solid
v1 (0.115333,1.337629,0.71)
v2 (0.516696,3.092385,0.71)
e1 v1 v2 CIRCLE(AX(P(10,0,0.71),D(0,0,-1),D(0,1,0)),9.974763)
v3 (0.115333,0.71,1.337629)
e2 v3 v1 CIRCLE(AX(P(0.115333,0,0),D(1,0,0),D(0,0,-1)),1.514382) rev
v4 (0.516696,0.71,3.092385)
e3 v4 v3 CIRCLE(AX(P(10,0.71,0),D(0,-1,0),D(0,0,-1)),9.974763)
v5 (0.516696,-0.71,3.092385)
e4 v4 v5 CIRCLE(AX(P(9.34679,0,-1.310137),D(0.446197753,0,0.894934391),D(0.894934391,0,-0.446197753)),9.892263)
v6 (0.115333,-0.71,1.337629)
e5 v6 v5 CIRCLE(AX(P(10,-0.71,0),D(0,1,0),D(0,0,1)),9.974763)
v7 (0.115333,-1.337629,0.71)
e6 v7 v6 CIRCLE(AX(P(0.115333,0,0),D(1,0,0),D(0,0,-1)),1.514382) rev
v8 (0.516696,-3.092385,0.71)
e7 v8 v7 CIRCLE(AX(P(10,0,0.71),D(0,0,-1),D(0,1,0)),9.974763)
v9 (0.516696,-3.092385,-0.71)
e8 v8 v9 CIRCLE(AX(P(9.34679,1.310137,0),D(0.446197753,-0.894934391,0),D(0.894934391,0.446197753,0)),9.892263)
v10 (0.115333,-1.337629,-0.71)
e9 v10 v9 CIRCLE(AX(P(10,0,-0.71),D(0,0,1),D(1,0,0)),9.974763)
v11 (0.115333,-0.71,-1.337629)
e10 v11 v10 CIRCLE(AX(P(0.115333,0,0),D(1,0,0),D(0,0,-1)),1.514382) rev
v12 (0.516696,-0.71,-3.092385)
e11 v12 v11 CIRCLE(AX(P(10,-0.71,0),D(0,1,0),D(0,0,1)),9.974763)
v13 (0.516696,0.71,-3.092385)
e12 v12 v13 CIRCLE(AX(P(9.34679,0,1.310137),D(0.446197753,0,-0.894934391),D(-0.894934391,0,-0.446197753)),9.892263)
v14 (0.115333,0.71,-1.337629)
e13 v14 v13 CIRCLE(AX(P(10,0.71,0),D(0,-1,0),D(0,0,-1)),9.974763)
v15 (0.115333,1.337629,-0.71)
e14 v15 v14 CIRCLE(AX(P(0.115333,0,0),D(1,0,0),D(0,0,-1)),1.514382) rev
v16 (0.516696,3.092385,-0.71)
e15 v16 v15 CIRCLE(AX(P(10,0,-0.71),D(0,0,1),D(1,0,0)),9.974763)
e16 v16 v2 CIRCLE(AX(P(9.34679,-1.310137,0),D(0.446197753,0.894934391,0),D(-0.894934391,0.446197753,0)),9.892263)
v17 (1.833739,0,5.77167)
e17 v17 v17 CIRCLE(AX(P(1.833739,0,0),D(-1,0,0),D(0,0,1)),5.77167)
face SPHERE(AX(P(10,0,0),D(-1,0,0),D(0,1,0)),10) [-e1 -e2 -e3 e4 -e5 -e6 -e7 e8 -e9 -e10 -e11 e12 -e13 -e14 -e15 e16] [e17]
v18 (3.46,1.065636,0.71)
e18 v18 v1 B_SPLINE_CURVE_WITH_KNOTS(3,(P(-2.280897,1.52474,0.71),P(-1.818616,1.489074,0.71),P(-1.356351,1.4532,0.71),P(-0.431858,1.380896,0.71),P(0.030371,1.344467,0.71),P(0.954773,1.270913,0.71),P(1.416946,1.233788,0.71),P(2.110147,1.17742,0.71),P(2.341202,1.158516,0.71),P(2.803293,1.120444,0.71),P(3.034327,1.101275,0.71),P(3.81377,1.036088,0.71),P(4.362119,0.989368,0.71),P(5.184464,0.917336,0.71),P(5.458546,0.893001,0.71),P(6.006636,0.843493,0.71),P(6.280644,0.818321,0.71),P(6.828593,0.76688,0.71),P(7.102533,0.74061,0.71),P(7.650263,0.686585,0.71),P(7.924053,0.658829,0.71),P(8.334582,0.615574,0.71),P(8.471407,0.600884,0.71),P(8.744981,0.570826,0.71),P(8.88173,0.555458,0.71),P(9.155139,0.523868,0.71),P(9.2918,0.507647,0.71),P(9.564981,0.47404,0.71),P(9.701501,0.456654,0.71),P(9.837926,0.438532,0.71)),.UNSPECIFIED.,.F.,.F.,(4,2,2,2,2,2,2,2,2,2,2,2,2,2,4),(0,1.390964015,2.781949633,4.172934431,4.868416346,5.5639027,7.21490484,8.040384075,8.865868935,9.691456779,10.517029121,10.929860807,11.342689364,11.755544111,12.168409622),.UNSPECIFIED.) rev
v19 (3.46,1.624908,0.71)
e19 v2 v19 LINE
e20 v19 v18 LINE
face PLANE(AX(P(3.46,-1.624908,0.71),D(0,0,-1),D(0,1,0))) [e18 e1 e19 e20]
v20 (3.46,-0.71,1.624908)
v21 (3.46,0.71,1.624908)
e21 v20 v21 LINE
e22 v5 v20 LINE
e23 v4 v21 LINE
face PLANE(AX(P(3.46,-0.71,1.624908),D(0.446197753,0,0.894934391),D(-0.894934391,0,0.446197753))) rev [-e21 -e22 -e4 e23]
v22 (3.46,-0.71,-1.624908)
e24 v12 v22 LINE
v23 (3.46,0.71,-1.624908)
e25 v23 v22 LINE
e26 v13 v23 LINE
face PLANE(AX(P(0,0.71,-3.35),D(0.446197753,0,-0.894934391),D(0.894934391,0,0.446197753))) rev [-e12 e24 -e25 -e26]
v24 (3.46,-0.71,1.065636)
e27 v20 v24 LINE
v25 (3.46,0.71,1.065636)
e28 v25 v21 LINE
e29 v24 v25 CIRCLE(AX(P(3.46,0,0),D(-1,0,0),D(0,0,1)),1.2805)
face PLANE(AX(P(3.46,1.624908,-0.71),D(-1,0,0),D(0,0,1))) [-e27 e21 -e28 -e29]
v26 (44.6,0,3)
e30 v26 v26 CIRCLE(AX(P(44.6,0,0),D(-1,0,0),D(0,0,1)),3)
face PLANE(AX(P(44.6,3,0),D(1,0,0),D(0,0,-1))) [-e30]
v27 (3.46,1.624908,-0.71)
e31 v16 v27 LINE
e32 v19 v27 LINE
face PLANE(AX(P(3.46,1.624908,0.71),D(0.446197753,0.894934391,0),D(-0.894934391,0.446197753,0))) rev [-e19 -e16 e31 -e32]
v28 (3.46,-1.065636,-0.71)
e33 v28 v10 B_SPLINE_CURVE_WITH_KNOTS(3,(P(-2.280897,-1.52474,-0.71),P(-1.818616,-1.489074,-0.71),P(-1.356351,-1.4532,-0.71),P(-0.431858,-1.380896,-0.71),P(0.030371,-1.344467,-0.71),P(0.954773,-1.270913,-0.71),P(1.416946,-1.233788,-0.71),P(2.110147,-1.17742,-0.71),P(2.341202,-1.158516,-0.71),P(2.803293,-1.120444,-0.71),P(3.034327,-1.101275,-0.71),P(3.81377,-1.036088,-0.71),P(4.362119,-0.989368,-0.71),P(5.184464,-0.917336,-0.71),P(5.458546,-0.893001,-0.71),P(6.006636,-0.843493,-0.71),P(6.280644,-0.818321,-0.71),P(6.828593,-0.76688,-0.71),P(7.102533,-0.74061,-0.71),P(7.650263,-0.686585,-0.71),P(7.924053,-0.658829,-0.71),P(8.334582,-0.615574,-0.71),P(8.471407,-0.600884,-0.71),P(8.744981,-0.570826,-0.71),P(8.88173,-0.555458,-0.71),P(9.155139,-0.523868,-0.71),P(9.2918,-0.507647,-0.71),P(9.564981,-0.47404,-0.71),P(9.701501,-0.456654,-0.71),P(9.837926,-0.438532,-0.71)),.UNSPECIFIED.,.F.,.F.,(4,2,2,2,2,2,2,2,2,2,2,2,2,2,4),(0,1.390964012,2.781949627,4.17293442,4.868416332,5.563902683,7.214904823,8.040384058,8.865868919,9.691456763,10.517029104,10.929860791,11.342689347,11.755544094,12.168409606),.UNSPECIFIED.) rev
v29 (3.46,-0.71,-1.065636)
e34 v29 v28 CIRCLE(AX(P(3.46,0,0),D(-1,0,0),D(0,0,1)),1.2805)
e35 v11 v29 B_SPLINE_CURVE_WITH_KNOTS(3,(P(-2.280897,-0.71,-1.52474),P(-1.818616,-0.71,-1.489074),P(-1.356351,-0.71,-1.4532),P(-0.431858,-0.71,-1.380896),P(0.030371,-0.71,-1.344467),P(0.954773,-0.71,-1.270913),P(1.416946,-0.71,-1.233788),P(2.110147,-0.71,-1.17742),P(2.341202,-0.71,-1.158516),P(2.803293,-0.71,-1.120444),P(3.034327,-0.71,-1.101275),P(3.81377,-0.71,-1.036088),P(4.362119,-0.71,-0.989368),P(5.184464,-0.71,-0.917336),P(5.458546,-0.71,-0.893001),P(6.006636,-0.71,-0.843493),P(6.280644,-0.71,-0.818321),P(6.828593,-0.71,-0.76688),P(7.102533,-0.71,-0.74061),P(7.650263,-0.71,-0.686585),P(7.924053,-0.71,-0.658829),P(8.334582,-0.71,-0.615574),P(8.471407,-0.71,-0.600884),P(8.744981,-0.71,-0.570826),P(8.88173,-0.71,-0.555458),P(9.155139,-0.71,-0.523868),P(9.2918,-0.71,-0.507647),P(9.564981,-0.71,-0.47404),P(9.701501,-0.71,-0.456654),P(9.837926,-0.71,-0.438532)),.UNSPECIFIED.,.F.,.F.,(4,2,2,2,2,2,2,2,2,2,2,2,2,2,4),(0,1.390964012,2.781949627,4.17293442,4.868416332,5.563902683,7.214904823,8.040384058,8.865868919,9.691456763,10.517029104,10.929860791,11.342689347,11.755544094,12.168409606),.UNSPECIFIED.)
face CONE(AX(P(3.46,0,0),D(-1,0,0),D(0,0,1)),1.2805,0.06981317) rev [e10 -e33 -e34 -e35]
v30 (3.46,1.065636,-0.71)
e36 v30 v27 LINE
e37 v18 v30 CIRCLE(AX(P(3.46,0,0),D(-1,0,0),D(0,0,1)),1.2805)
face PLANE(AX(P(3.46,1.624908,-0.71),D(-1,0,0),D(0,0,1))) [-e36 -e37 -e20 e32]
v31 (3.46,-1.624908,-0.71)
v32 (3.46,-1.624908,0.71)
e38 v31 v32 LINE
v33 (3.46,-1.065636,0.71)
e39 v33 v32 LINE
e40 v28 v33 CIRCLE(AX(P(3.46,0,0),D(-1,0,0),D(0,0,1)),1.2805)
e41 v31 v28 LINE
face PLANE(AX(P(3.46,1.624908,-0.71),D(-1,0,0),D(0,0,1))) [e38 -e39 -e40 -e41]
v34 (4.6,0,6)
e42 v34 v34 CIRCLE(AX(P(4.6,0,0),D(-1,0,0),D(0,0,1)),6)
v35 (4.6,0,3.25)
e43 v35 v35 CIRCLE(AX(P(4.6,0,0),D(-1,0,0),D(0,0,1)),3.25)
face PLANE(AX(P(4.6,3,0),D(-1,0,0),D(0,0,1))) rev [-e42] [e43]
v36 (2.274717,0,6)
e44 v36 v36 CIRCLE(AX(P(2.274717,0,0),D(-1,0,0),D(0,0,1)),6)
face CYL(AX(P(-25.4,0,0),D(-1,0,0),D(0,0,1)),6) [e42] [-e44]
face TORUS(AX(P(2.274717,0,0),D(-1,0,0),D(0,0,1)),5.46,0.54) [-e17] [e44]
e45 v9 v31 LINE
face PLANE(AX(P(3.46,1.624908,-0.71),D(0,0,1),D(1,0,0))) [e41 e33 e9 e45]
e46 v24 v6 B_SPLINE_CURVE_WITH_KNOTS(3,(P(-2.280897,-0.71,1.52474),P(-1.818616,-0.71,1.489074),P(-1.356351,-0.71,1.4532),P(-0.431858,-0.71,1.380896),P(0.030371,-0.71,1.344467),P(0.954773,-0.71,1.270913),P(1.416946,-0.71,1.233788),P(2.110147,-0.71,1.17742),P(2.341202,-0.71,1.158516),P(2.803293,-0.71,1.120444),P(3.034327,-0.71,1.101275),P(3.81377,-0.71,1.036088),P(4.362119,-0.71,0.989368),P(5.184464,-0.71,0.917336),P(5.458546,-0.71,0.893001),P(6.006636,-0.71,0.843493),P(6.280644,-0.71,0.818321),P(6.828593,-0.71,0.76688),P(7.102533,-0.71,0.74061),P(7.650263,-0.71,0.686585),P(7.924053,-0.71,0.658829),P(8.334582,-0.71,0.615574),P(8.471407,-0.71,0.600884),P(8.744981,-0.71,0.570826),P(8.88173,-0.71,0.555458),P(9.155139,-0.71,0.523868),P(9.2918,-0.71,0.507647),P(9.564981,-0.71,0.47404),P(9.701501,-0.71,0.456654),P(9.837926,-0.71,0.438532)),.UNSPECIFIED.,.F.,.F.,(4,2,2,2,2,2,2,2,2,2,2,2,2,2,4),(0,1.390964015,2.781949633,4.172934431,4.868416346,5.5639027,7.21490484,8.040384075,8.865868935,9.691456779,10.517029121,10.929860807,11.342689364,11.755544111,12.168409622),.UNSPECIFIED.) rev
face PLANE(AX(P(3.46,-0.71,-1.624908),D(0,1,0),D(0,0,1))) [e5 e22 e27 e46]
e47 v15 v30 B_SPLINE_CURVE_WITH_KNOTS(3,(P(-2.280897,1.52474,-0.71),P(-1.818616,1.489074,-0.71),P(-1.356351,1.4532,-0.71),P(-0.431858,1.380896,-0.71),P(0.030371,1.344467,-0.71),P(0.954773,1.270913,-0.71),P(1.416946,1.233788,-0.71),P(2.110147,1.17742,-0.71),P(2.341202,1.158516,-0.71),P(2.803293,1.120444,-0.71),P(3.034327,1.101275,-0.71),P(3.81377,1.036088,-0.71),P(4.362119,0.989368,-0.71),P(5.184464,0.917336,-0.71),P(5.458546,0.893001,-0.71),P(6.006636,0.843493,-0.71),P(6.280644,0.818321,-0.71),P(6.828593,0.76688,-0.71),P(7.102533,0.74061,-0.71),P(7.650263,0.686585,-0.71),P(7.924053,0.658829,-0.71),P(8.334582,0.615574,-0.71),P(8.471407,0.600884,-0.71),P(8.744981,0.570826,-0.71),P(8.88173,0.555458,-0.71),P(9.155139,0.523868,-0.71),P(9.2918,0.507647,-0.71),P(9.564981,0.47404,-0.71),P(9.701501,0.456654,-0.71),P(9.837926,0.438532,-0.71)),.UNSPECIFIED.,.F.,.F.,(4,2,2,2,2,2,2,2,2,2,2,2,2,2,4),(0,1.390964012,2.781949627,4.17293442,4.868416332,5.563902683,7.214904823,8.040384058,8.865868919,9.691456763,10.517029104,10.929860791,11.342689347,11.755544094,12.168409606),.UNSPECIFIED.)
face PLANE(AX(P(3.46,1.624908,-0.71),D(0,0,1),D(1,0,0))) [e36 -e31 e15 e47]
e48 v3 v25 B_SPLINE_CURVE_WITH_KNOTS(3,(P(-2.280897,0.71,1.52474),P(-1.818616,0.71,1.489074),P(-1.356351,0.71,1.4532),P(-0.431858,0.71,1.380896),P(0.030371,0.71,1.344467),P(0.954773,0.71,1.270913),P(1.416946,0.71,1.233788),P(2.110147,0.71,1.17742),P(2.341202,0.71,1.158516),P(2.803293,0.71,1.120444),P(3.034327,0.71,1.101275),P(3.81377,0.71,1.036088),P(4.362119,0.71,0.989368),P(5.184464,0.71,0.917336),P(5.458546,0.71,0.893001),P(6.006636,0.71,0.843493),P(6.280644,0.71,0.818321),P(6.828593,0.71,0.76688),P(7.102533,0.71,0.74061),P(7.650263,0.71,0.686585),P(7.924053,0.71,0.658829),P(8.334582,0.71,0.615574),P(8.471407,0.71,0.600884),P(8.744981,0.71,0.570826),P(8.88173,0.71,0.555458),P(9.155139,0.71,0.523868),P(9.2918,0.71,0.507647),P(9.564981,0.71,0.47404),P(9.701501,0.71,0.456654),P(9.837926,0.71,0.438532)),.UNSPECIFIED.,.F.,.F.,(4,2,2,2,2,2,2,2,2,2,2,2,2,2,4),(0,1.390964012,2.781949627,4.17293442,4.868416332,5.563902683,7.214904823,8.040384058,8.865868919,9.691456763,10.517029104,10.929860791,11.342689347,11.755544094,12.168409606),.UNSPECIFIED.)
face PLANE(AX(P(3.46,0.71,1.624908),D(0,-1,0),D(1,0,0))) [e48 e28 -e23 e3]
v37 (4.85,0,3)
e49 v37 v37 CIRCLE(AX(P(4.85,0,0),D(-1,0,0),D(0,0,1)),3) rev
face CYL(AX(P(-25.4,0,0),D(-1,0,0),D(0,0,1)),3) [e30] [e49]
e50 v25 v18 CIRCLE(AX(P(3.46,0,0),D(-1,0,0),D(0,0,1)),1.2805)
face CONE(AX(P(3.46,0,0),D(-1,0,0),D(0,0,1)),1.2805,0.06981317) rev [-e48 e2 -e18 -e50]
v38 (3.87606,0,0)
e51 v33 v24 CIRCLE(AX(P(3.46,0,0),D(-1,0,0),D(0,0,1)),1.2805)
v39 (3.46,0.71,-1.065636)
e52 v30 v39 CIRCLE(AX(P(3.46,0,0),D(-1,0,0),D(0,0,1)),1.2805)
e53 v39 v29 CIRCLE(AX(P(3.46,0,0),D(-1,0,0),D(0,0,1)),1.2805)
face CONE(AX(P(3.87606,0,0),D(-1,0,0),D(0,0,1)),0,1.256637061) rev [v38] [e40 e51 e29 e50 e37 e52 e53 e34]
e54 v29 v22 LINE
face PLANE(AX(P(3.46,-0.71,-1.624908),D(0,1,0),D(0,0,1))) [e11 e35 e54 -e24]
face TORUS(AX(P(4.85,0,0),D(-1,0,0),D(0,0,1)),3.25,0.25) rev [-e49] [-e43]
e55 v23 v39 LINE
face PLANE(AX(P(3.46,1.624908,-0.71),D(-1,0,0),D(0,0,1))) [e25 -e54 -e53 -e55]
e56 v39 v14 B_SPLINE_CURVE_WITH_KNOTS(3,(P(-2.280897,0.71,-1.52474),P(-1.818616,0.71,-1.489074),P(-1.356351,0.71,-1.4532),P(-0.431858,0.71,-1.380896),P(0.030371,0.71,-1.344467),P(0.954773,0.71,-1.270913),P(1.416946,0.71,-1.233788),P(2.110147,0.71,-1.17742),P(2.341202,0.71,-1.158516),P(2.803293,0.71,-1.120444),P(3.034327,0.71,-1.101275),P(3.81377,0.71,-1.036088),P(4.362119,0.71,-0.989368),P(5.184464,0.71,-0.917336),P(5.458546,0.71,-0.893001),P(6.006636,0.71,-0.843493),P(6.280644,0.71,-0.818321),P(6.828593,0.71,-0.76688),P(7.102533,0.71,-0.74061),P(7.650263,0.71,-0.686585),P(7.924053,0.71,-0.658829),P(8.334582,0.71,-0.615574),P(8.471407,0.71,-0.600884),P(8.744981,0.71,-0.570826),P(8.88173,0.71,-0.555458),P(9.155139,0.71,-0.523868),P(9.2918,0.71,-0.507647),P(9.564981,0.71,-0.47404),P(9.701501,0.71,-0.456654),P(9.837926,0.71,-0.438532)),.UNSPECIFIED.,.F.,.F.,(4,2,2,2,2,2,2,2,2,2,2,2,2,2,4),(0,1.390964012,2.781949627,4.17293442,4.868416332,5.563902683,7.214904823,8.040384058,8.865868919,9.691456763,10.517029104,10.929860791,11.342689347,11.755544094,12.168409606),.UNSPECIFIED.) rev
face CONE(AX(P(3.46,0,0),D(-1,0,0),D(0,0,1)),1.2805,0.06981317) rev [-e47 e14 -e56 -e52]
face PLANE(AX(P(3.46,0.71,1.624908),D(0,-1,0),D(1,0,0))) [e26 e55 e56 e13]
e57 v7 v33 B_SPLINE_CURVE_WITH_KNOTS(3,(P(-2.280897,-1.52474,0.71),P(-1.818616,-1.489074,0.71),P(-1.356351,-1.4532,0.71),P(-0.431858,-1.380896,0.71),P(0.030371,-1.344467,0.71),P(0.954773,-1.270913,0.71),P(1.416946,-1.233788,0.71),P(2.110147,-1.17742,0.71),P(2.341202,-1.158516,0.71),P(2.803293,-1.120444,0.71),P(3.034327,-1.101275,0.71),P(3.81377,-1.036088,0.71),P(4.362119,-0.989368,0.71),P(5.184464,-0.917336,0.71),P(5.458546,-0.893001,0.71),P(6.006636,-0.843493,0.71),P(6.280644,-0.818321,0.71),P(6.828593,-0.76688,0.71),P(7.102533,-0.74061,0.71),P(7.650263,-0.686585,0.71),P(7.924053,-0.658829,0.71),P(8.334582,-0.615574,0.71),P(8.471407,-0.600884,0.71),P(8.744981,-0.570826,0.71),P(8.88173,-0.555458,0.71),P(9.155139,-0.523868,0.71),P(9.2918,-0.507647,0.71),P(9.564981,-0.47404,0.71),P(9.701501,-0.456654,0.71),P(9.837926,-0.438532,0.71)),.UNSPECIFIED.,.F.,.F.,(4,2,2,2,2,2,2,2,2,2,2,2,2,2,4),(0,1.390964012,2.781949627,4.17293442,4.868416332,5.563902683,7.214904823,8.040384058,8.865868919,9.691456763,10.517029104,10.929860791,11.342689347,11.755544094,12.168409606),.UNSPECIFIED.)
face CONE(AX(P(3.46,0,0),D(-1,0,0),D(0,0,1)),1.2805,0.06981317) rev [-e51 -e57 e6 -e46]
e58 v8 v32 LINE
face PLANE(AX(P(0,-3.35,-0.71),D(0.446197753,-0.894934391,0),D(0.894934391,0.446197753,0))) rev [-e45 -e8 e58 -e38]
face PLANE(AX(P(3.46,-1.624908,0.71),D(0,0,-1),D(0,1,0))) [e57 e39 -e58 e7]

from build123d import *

# Parameters (mm, degrees)
FILLET1_R    = 0.25
RECPAT_COUNT = 2
RECPAT_ANGLE = 90


with BuildPart() as part:
    # BodySke → Base-Revolve (revolve)
    with BuildSketch(Plane.XY, mode=Mode.PRIVATE) as base_revolve_sk:
        with BuildLine():
            Line((4.6, 3), (4.6, 6))
            Line((4.6, 6), (2.274716834, 6))
            ThreePointArc((2.274716834, 6), (2.026424569, 5.939532013), (1.833738725, 5.77167019))
            ThreePointArc((1.833738725, 5.77167019), (0.469454036, 3.027985077), (0, 0))
            Line((0, 0), (44.6, 0))
            Line((44.6, 0), (44.6, 3))
            Line((44.6, 3), (4.6, 3))
        make_face()
    revolve(base_revolve_sk.sketch.rotate(Axis((2.274716834, 0, 0), (1, 0, 0)), 90), axis=Axis((2.274716834, 0, 0), (1, 0, 0)))

    # Fillet1
    fillet1_edges = [part.edges().sort_by_distance(p)[0] for p in [
        (4.6, 0, -3),
    ]]
    fillet(fillet1_edges, radius=FILLET1_R)

    # Sketch3 → Recess section 0
    with BuildSketch(Plane(origin=(0, 0, 0), x_dir=(0, 0, -1), z_dir=(1, 0, 0))):
        with BuildLine():
            Line((0.71, -3.35), (-0.71, -3.35))
            Line((-0.71, -3.35), (-0.71, 3.35))
            Line((-0.71, 3.35), (0.71, 3.35))
            Line((0.71, 3.35), (0.71, -3.35))
        make_face()
    # Sketch4 → Recess section 1
    with BuildSketch(Plane(origin=(3.46, 0, 0), x_dir=(0, 0, -1), z_dir=(1, 0, 0))):
        with BuildLine():
            Line((0.71, -1.624907925), (-0.71, -1.624907925))
            Line((-0.71, -1.624907925), (-0.71, 1.624907925))
            Line((-0.71, 1.624907925), (0.71, 1.624907925))
            Line((0.71, 1.624907925), (0.71, -1.624907925))
        make_face()
    recess = loft(mode=Mode.SUBTRACT)

    # RecPat: Recess ×2 about axis
    recpat_axis = Axis((0, 0, 0), (1, 0, 0))
    for i in range(1, RECPAT_COUNT):
        add(recess.rotate(recpat_axis, i * RECPAT_ANGLE / (RECPAT_COUNT - 1)), mode=Mode.SUBTRACT)

    # RecCorSke → RecessCore (revolve, cut)
    with BuildSketch(Plane.XY, mode=Mode.PRIVATE) as recesscore_sk:
        Polygon((0, 0), (0, 1.522446769), (3.46, 1.2805), (3.876059671, 0), align=None)
    revolve(recesscore_sk.sketch.rotate(Axis((-3.175, 0, 0), (1, 0, 0)), 12.930791927), axis=Axis((-3.175, 0, 0), (1, 0, 0)), mode=Mode.SUBTRACT)


solid = part.part
